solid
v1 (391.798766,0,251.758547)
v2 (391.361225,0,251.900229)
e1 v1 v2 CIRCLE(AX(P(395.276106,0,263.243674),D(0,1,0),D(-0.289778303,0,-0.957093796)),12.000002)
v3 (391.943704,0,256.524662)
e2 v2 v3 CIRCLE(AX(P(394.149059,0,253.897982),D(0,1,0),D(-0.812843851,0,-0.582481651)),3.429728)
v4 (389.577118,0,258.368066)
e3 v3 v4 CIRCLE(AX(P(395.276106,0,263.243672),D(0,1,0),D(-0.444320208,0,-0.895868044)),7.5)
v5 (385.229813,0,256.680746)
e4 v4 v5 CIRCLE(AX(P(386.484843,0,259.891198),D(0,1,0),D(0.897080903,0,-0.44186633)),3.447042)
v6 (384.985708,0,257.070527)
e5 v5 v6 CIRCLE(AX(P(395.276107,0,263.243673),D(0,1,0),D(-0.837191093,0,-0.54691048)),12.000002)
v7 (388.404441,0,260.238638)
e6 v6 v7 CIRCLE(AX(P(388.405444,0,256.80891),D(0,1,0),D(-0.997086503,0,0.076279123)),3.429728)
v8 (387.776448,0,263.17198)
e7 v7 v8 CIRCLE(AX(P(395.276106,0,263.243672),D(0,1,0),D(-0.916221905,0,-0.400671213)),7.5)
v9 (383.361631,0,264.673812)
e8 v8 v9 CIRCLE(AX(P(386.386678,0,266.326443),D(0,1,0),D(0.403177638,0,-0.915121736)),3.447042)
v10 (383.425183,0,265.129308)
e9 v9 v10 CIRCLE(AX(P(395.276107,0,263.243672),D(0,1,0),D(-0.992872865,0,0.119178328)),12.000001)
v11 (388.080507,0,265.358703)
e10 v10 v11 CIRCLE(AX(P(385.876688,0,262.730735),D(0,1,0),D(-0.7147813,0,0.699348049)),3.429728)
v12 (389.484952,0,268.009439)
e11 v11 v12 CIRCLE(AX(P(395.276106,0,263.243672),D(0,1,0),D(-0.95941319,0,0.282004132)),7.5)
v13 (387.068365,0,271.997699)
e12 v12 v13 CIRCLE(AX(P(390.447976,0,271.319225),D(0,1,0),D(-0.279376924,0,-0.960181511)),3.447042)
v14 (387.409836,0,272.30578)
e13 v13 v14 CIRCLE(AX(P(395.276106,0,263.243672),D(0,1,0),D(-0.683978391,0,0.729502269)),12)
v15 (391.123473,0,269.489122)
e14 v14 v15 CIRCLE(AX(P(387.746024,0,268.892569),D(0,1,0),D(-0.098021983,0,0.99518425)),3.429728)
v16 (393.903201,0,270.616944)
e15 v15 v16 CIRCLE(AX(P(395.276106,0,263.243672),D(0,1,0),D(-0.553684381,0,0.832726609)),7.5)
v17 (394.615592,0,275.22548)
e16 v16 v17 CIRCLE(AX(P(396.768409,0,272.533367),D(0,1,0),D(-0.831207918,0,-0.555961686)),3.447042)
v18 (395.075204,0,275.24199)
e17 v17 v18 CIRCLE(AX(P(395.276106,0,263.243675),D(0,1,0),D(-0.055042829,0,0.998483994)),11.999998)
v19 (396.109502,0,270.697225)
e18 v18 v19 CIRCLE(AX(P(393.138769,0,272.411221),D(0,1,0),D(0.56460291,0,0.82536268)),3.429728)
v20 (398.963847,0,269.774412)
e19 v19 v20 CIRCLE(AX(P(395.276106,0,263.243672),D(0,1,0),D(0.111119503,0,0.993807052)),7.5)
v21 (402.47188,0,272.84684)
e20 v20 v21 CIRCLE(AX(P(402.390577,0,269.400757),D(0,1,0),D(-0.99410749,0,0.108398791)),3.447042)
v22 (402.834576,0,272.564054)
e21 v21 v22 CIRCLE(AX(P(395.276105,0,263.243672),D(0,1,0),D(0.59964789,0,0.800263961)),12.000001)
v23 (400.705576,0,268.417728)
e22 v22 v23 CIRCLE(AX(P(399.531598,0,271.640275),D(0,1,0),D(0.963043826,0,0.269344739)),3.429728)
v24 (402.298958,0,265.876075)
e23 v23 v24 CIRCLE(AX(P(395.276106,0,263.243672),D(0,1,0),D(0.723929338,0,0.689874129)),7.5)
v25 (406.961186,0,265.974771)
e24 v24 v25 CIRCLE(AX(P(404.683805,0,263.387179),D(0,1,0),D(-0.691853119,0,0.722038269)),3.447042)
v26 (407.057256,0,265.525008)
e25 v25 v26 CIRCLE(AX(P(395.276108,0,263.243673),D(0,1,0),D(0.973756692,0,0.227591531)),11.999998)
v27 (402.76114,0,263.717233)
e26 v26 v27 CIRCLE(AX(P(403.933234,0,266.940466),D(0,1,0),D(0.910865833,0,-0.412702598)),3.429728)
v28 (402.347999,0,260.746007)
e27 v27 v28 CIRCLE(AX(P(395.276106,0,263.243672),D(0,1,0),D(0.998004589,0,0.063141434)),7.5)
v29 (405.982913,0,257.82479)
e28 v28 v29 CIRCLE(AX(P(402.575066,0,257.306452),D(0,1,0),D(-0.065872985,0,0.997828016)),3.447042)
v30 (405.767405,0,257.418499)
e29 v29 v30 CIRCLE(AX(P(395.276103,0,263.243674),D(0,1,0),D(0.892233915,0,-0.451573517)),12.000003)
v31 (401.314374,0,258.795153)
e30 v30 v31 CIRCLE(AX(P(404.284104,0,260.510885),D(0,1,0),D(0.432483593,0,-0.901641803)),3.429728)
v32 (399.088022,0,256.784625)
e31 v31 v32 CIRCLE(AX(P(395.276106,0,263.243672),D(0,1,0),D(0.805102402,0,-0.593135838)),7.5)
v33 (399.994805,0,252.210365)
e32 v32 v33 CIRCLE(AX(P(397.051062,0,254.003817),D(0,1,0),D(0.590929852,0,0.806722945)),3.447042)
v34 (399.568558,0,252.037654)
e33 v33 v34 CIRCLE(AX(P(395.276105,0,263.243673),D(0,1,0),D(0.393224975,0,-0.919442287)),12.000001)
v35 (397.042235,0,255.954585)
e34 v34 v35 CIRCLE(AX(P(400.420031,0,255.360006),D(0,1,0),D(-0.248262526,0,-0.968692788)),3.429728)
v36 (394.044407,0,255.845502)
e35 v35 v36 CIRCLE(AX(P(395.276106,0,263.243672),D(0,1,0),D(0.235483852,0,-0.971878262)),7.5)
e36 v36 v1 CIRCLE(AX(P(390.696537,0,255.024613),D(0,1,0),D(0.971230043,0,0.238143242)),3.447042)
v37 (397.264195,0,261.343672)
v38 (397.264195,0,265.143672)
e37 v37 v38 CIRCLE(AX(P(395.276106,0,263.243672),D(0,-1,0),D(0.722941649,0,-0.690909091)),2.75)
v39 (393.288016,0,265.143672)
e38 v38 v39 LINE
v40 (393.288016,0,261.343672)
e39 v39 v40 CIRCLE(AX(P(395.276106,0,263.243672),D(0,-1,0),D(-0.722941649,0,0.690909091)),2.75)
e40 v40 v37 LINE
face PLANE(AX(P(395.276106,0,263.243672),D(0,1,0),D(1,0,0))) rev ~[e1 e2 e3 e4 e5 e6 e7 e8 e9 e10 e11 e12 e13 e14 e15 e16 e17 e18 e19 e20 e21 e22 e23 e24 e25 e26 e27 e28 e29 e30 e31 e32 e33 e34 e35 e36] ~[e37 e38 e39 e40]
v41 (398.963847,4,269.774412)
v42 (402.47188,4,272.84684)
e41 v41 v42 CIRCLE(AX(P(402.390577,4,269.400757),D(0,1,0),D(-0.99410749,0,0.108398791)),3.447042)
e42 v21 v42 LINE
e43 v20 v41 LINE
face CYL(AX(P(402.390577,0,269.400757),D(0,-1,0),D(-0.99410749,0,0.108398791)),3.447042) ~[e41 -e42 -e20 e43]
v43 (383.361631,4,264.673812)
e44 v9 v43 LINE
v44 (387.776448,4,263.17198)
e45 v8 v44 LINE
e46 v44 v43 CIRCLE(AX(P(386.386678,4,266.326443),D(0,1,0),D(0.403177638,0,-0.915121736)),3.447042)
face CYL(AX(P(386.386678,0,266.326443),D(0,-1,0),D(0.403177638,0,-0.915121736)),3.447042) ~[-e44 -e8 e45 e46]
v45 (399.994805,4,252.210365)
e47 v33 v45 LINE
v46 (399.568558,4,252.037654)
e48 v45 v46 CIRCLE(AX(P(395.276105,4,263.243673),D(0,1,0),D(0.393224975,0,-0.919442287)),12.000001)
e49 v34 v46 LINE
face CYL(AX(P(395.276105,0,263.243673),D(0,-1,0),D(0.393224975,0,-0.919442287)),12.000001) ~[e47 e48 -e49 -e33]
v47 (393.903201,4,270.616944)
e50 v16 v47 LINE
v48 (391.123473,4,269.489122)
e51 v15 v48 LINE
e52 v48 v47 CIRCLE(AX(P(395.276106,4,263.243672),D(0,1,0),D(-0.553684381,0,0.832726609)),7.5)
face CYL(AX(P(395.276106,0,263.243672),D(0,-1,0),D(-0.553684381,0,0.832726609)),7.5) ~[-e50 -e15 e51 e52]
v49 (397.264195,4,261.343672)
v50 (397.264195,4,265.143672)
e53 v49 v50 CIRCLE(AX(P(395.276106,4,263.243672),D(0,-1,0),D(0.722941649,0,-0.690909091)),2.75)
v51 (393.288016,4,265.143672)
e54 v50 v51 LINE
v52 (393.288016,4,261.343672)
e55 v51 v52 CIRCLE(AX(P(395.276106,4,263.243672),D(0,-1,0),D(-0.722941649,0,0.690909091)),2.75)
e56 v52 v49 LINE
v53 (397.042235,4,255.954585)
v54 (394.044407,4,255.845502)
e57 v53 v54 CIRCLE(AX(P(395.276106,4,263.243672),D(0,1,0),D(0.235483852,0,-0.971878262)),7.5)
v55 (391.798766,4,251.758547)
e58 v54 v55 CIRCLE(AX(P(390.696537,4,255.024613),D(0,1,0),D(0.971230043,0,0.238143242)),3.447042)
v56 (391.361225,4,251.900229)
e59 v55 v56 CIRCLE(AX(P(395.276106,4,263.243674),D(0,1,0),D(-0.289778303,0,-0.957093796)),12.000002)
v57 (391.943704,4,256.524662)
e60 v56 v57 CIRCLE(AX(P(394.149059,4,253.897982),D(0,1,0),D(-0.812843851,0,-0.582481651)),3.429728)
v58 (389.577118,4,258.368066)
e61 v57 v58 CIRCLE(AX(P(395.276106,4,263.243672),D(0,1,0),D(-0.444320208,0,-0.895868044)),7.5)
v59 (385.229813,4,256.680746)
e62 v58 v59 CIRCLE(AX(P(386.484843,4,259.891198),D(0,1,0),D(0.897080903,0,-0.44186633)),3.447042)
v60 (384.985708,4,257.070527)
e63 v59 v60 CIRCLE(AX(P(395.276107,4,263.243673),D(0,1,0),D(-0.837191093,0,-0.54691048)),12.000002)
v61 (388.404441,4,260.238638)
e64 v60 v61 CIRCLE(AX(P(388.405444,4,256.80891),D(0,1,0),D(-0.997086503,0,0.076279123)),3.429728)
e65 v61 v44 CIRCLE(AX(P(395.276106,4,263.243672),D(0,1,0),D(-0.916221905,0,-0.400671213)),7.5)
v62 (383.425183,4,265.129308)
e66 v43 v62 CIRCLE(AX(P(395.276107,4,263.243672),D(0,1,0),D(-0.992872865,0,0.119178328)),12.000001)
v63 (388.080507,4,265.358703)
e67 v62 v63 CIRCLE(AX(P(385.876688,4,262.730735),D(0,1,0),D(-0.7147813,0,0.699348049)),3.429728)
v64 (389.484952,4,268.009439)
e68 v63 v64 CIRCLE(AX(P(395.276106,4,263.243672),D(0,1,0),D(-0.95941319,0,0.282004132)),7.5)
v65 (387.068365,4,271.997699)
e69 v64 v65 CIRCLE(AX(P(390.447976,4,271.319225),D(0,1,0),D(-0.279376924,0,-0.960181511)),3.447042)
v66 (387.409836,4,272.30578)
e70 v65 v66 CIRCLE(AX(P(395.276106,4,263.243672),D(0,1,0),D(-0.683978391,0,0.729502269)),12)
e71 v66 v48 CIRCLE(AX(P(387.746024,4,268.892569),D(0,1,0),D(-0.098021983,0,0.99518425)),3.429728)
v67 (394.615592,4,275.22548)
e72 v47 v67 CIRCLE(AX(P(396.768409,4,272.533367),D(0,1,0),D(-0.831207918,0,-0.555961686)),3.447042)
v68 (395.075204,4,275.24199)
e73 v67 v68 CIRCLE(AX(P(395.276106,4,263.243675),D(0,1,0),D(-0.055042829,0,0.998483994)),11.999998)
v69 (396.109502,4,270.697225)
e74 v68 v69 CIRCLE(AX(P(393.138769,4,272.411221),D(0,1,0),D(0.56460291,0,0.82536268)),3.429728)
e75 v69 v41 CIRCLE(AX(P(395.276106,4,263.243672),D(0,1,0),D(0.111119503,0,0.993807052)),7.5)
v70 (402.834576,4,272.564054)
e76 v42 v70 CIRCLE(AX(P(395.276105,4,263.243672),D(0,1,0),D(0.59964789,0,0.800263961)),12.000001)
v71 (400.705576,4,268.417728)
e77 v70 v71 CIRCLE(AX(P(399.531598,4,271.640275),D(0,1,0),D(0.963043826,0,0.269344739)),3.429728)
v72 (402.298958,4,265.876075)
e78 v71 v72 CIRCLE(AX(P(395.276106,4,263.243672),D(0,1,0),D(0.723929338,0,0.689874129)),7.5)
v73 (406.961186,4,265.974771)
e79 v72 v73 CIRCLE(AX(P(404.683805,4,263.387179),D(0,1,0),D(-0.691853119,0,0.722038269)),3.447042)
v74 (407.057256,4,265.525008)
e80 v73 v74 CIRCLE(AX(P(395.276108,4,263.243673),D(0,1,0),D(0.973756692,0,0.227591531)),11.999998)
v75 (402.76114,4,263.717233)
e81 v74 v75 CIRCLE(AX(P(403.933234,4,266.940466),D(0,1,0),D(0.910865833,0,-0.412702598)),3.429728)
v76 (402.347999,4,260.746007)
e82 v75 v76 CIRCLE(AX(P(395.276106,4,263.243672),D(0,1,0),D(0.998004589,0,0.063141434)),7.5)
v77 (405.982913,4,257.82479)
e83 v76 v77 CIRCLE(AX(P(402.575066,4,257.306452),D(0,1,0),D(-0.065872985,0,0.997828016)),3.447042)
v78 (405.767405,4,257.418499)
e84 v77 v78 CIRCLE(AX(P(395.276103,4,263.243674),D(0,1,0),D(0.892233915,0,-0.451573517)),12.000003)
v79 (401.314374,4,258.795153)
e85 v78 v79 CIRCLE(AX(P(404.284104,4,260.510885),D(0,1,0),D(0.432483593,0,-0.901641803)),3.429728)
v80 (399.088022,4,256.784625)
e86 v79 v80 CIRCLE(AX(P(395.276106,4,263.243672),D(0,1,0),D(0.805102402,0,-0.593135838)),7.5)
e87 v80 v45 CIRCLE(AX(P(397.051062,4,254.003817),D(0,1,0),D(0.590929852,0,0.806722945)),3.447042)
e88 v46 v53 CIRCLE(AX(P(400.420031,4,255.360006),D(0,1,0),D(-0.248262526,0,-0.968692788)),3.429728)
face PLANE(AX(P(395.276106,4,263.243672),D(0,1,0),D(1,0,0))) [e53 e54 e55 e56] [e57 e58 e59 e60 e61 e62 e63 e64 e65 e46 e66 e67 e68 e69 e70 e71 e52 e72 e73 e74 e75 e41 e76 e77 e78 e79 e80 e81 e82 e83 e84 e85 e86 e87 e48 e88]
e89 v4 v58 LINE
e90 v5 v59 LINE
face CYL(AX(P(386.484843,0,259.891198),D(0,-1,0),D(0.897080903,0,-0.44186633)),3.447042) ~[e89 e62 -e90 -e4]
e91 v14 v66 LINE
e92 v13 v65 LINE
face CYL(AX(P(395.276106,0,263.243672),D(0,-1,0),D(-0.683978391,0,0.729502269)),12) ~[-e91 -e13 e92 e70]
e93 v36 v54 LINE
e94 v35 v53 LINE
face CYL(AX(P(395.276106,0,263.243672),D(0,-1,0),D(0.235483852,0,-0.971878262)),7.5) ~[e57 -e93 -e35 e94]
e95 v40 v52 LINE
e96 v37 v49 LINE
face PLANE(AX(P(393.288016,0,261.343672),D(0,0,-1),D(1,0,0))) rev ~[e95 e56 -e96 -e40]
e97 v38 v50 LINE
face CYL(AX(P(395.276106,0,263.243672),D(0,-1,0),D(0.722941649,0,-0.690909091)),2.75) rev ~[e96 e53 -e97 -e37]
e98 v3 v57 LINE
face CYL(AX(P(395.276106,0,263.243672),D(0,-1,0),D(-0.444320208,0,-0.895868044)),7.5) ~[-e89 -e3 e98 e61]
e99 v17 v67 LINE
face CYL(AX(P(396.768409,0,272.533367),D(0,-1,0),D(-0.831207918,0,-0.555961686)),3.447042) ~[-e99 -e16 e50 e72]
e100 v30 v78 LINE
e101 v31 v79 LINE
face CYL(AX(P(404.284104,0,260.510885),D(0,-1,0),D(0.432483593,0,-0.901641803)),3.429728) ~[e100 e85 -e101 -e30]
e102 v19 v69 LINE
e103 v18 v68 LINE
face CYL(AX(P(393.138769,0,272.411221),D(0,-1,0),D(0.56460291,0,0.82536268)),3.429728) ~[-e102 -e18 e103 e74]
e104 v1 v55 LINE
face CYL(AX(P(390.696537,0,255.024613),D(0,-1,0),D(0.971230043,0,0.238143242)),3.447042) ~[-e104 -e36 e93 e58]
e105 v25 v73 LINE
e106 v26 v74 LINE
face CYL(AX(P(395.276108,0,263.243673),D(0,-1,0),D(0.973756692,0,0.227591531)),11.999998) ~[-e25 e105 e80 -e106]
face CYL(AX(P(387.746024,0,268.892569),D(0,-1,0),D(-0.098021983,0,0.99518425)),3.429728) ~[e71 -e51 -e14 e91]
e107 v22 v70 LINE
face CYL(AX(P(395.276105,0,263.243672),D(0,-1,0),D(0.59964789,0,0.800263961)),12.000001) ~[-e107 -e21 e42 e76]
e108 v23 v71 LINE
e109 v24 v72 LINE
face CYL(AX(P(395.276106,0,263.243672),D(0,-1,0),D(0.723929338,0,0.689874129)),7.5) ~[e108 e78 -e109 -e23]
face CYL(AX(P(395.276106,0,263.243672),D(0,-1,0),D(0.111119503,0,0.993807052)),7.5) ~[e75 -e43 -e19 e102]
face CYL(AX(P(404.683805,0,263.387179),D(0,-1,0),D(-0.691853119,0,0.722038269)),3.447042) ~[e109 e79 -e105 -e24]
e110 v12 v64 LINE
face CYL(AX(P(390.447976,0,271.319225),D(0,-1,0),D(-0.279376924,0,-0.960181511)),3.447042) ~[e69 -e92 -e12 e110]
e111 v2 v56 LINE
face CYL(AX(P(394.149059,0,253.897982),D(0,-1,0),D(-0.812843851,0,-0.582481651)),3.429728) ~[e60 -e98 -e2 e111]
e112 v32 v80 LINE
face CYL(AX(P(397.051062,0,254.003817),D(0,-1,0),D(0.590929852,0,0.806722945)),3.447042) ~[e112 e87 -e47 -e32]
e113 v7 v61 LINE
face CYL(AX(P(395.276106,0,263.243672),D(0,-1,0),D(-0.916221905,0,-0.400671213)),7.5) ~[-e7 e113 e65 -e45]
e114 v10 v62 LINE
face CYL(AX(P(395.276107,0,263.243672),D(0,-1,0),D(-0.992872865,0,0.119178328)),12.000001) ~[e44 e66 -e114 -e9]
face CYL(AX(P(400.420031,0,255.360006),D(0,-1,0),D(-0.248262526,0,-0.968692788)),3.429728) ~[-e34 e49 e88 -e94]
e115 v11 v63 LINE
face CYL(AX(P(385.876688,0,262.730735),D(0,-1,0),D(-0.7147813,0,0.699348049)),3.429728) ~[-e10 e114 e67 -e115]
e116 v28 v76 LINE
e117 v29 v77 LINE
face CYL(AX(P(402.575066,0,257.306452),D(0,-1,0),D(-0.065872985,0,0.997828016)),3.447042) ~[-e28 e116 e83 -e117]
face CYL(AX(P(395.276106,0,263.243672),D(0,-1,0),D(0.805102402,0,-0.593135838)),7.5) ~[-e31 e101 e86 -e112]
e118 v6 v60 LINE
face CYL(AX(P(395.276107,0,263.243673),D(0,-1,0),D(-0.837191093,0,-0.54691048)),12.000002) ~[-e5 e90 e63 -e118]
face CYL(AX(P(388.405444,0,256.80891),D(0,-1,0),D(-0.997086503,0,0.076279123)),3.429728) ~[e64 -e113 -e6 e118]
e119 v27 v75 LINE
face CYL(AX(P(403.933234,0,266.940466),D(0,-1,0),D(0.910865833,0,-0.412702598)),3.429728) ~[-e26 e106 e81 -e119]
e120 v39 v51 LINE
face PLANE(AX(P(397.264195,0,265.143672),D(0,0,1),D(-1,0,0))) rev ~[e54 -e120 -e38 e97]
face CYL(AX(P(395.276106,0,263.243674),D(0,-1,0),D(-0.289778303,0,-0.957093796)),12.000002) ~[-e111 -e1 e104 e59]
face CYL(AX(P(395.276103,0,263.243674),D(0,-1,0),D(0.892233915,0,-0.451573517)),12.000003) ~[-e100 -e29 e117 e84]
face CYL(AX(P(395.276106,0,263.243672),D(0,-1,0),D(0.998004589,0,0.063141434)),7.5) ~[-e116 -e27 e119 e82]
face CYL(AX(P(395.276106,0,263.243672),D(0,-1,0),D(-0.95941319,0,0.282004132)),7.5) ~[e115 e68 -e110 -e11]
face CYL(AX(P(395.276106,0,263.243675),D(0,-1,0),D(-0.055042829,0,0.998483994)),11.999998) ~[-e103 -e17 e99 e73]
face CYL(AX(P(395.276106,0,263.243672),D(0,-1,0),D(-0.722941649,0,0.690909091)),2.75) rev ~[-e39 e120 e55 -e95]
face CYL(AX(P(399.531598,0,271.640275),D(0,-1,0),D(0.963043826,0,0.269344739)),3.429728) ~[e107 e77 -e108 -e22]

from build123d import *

# Parameters (mm, degrees)
SALIENTE_EXTRUIR1_DEPTH = 4


with BuildPart() as part:
    # Croquis3 → Saliente-Extruir1 (new body)
    with BuildSketch(Plane(origin=(0, 0, 0), x_dir=(1, 0, 0), z_dir=(0, 1, 0))):
        with BuildLine():
            ThreePointArc((402.347998687, -260.746007142), (404.734398392, -259.99334246), (405.982912796, -257.824790071))
            ThreePointArc((405.982912796, -257.824790071), (405.877105548, -257.620612188), (405.7674051, -257.418499365))
            ThreePointArc((405.7674051, -257.418499365), (403.271107475, -257.23416883), (401.314373797, -258.795153423))
            ThreePointArc((401.314373797, -258.795153423), (400.302743654, -257.677442632), (399.088021884, -256.784624632))
            ThreePointArc((399.088021884, -256.784624632), (400.432306585, -254.674101872), (399.9948055, -252.210364776))
            ThreePointArc((399.9948055, -252.210364776), (399.782509433, -252.121967031), (399.568558396, -252.037653715))
            ThreePointArc((399.568558396, -252.037653715), (397.537798087, -253.501037517), (397.042234682, -255.954585253))
            ThreePointArc((397.042234682, -255.954585253), (395.548830385, -255.748632435), (394.044407175, -255.845502269))
            ThreePointArc((394.044407175, -255.845502269), (393.71757112, -253.364658487), (391.798766166, -251.758546653))
            ThreePointArc((391.798766166, -251.758546653), (391.579316968, -251.827291333), (391.36122541, -251.900228661))
            ThreePointArc((391.36122541, -251.900228661), (390.746217737, -254.326593255), (391.943704228, -256.524661881))
            ThreePointArc((391.943704228, -256.524661881), (390.667306245, -257.326834648), (389.577117935, -258.368065845))
            ThreePointArc((389.577117935, -258.368065845), (387.732091346, -256.677715418), (385.229812687, -256.680746422))
            ThreePointArc((385.229812687, -256.680746422), (385.105893077, -256.874467128), (384.985708462, -257.070526914))
            ThreePointArc((384.985708462, -257.070526914), (386.074222349, -259.324549341), (388.404441499, -260.238638117))
            ThreePointArc((388.404441499, -260.238638117), (387.942290632, -261.673590916), (387.776448448, -263.171979827))
            ThreePointArc((387.776448448, -263.171979827), (385.276539772, -263.063056507), (383.361631401, -264.673812109))
            ThreePointArc((383.361631401, -264.673812109), (383.391224742, -264.901864769), (383.425182787, -265.12930846))
            ThreePointArc((383.425182787, -265.12930846), (385.707890489, -266.156306575), (388.080506861, -265.358703205))
            ThreePointArc((388.080506861, -265.358703205), (388.648848637, -266.755005674), (389.484951979, -268.009439474))
            ThreePointArc((389.484951979, -268.009439474), (387.499896269, -269.532909692), (387.068365096, -271.997699444))
            ThreePointArc((387.068365096, -271.997699444), (387.237624334, -272.153375684), (387.409835692, -272.305779849))
            ThreePointArc((387.409835692, -272.305779849), (389.818632906, -271.625209821), (391.123472929, -269.489121785))
            ThreePointArc((391.123472929, -269.489121785), (392.456373915, -270.193428481), (393.903200739, -270.616943654))
            ThreePointArc((393.903200739, -270.616943654), (393.361827622, -273.059958764), (394.615591878, -275.225480148))
            ThreePointArc((394.615591878, -275.225480148), (394.845318735, -275.235937326), (395.075203798, -275.241990362))
            ThreePointArc((395.075203798, -275.241990362), (396.482987537, -273.172298471), (396.109502064, -270.697225101))
            ThreePointArc((396.109502064, -270.697225101), (397.583283074, -270.379983093), (398.963847028, -269.774412182))
            ThreePointArc((398.963847028, -269.774412182), (400.119471003, -271.993858263), (402.471880459, -272.846839757))
            ThreePointArc((402.471880459, -272.846839757), (402.654583186, -272.707184842), (402.834576178, -272.564054467))
            ThreePointArc((402.834576178, -272.564054467), (402.582628784, -270.07367255), (400.705575818, -268.417728184))
            ThreePointArc((400.705575818, -268.417728184), (401.630638339, -267.227378533), (402.298958206, -265.876074898))
            ThreePointArc((402.298958206, -265.876074898), (404.610849972, -266.833448463), (406.961186099, -265.974770545))
            ThreePointArc((406.961186099, -265.974770545), (407.011376059, -265.750349625), (407.057256258, -265.525008131))
            ThreePointArc((407.057256258, -265.525008131), (405.263466718, -263.779213565), (402.761140203, -263.717232975))
            ThreePointArc((402.761140203, -263.717232975), (402.7046372, -262.210753513), (402.347998687, -260.746007142))
        make_face()
        with BuildLine():
            Line((397.264195322, -265.143672214), (393.288016252, -265.143672214))
            ThreePointArc((393.288016252, -265.143672214), (392.526105787, -263.243672214), (393.288016252, -261.343672214))
            Line((393.288016252, -261.343672214), (397.264195322, -261.343672214))
            ThreePointArc((397.264195322, -261.343672214), (398.026105787, -263.243672214), (397.264195322, -265.143672214))
        make_face(mode=Mode.SUBTRACT)
    extrude(amount=SALIENTE_EXTRUIR1_DEPTH)


solid = part.part
